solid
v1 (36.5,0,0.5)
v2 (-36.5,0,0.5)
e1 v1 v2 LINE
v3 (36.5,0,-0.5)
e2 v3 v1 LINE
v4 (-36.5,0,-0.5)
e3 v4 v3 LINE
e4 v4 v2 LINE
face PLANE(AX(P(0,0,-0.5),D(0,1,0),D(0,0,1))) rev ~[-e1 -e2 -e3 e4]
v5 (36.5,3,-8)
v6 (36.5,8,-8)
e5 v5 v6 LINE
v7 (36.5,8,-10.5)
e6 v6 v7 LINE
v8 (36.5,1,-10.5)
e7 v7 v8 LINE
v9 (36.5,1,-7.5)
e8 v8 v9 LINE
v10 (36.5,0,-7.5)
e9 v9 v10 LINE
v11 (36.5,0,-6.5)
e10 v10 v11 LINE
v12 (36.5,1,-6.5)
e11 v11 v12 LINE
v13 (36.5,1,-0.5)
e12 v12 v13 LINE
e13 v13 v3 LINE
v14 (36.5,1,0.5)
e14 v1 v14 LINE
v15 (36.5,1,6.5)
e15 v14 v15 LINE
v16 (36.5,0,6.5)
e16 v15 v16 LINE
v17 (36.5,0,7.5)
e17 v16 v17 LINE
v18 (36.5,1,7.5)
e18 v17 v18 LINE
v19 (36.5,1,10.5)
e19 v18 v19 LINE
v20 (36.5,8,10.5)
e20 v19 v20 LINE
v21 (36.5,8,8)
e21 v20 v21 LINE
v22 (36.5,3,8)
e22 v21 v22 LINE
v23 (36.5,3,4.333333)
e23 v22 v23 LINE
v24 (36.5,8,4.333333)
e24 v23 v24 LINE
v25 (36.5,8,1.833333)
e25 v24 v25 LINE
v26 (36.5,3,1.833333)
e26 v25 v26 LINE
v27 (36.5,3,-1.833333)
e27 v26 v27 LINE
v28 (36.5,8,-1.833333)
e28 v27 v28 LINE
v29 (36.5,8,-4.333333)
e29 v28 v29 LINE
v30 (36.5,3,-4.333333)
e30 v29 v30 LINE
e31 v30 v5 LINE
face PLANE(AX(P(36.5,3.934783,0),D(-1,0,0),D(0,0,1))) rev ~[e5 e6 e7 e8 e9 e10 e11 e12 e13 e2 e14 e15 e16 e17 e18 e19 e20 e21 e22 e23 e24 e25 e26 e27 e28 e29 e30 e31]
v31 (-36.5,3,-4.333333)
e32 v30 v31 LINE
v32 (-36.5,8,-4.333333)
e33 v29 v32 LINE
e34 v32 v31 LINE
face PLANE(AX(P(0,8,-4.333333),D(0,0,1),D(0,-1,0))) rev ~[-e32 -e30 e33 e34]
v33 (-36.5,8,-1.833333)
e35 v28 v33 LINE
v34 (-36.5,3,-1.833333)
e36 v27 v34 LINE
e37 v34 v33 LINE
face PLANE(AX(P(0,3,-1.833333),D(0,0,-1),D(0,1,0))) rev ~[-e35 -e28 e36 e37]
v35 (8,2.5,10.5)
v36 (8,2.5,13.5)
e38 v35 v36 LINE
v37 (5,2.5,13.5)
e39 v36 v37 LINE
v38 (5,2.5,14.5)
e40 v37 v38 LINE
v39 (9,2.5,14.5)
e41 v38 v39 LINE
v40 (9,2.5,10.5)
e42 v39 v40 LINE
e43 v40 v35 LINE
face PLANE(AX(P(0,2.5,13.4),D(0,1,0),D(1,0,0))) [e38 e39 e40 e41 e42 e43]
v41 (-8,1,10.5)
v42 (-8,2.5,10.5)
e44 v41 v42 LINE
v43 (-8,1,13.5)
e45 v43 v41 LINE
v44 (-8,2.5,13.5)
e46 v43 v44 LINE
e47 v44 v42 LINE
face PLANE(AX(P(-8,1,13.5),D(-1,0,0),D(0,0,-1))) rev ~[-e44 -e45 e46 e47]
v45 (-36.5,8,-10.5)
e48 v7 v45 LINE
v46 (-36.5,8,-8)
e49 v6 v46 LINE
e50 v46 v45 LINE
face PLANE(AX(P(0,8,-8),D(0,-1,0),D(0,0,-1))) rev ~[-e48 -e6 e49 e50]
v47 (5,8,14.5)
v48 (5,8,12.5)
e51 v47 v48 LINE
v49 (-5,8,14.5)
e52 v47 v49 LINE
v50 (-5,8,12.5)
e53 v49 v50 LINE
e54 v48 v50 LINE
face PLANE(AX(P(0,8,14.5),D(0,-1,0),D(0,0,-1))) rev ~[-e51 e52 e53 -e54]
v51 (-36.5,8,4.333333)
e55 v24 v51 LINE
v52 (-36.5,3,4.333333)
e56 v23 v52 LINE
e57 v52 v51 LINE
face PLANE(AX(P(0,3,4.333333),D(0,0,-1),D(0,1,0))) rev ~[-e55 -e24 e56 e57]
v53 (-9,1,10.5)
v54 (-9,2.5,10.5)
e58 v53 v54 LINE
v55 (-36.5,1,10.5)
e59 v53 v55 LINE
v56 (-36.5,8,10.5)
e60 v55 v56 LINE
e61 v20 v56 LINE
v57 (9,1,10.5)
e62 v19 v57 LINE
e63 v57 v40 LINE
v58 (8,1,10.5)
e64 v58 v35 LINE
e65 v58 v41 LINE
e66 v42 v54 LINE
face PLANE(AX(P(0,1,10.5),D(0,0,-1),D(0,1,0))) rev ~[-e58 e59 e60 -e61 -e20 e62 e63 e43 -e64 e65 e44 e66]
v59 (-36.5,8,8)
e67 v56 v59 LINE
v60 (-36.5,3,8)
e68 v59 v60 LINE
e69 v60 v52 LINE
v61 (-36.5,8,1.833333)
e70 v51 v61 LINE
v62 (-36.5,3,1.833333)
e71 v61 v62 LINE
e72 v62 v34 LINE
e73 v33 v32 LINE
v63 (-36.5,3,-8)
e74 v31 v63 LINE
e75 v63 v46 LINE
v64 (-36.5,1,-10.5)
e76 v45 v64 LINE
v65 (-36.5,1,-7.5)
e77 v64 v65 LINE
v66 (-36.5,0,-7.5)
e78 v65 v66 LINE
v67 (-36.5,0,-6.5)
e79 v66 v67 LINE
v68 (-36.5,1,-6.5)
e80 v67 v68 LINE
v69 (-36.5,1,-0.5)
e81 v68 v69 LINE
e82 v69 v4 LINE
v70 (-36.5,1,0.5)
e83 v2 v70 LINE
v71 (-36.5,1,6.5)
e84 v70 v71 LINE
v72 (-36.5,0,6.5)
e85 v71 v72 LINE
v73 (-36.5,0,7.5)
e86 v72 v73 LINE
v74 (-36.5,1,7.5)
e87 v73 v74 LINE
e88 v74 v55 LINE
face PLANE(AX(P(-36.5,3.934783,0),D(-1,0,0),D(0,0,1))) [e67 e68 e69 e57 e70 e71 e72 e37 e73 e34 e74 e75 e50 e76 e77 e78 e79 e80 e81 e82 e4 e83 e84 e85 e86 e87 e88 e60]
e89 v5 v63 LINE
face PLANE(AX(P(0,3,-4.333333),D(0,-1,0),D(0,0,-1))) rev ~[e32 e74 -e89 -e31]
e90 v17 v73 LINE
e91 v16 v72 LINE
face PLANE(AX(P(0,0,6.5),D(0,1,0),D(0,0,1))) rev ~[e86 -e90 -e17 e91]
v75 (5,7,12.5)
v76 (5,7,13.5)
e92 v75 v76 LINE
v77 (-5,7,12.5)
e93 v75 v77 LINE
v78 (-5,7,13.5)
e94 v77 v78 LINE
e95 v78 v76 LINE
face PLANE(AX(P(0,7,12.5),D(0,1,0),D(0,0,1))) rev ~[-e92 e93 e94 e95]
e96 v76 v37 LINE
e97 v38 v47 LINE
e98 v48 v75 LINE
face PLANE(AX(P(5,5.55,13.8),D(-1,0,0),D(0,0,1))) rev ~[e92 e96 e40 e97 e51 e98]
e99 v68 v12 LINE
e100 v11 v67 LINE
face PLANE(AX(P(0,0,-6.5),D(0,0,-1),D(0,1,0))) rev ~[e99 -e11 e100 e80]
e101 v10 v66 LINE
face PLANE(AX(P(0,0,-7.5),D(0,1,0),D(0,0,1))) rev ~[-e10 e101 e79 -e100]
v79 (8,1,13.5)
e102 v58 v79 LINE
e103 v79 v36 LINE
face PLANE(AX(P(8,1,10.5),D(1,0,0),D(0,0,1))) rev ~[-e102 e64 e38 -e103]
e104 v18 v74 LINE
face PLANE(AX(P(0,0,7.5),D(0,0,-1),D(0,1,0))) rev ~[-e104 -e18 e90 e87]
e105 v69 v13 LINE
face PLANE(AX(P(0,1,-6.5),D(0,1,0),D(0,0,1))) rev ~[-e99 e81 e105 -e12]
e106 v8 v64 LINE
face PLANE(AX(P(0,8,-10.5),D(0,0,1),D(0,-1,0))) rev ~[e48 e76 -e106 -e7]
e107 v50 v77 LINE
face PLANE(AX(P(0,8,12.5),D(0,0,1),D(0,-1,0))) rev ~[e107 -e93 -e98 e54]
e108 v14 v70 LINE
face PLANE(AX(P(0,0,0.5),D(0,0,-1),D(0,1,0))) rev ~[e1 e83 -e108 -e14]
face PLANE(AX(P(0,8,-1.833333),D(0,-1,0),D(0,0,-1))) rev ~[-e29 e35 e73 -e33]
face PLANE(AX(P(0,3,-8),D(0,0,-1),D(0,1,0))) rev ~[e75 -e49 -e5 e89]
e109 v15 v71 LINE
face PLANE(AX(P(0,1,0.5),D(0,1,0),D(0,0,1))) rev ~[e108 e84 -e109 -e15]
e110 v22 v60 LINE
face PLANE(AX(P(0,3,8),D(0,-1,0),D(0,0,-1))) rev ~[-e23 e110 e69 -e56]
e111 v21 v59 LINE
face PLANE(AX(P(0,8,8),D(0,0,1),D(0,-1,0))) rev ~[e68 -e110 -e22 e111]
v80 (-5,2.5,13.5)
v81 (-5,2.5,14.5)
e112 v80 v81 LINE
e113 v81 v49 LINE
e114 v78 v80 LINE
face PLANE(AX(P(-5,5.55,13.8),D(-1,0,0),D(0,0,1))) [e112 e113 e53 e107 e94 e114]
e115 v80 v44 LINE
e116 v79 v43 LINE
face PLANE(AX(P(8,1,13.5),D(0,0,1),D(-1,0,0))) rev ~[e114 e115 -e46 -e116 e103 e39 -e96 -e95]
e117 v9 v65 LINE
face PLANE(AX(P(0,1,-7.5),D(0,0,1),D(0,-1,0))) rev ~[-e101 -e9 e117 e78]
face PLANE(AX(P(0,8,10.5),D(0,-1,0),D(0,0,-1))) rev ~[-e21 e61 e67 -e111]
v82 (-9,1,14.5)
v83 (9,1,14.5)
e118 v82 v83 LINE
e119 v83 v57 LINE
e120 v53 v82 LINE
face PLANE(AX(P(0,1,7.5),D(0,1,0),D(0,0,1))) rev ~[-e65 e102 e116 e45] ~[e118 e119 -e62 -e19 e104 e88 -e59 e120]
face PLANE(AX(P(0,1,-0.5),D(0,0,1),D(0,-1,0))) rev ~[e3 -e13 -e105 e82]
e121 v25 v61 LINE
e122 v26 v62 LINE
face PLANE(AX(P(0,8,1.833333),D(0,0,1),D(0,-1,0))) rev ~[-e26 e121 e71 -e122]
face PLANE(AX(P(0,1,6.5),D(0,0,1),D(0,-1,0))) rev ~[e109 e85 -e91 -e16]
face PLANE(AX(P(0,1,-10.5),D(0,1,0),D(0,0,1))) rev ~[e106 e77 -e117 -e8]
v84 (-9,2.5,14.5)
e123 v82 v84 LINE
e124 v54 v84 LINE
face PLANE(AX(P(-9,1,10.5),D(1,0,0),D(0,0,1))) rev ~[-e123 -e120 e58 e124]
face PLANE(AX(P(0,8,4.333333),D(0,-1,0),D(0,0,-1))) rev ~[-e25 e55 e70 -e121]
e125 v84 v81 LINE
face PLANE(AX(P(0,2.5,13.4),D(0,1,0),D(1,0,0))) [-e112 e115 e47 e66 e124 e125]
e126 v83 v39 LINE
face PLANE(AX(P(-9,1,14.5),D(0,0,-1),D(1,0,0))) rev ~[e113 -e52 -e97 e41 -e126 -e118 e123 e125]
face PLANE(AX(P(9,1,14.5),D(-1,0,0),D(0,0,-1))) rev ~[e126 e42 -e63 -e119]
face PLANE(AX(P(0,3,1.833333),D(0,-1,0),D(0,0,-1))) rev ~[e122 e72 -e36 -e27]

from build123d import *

# Parameters (mm, degrees)
BOSS_EXTRUDE1_DEPTH = 36.5
EXTRUDE_THIN1_DEPTH = 1.5
EXTRUDE_THIN2_DEPTH = 5


with BuildPart() as part:
    # Sketch1 → Boss-Extrude1 (new, symmetric)
    with BuildSketch(Plane(origin=(0, 0, 0), x_dir=(0, 0, -1), z_dir=(1, 0, 0))):
        Polygon((0.5, 0), (-0.5, 0), (-0.5, 1), (-6.5, 1), (-6.5, 0), (-7.5, 0), (-7.5, 1), (-10.5, 1), (-10.5, 8), (-8, 8), (-8, 3), (-4.333333333, 3), (-4.333333333, 8), (-1.833333333, 8), (-1.833333333, 3), (1.833333333, 3), (1.833333333, 8), (4.333333333, 8), (4.333333333, 3), (8, 3), (8, 8), (10.5, 8), (10.5, 1), (7.5, 1), (7.5, 0), (6.5, 0), (6.5, 1), (0.5, 1), align=None)
    extrude(amount=BOSS_EXTRUDE1_DEPTH, both=True)

    # Sketch3 → Extrude-Thin1 (add)
    with BuildSketch(Plane(origin=(0, 1, 0), x_dir=(1, 0, 0), z_dir=(0, 1, 0))):
        Polygon((-9, -10.5), (-9, -14.5), (9, -14.5), (9, -10.5), (8, -10.5), (8, -13.5), (-8, -13.5), (-8, -10.5), align=None)
    extrude(amount=EXTRUDE_THIN1_DEPTH)

    # Sketch4 → Extrude-Thin2 (add, symmetric)
    with BuildSketch(Plane(origin=(0, 0, 0), x_dir=(0, 0, -1), z_dir=(1, 0, 0))):
        Polygon((-14.5, 2.5), (-14.5, 8), (-12.5, 8), (-12.5, 7), (-13.5, 7), (-13.5, 2.5), align=None)
    extrude(amount=EXTRUDE_THIN2_DEPTH, both=True)


solid = part.part
